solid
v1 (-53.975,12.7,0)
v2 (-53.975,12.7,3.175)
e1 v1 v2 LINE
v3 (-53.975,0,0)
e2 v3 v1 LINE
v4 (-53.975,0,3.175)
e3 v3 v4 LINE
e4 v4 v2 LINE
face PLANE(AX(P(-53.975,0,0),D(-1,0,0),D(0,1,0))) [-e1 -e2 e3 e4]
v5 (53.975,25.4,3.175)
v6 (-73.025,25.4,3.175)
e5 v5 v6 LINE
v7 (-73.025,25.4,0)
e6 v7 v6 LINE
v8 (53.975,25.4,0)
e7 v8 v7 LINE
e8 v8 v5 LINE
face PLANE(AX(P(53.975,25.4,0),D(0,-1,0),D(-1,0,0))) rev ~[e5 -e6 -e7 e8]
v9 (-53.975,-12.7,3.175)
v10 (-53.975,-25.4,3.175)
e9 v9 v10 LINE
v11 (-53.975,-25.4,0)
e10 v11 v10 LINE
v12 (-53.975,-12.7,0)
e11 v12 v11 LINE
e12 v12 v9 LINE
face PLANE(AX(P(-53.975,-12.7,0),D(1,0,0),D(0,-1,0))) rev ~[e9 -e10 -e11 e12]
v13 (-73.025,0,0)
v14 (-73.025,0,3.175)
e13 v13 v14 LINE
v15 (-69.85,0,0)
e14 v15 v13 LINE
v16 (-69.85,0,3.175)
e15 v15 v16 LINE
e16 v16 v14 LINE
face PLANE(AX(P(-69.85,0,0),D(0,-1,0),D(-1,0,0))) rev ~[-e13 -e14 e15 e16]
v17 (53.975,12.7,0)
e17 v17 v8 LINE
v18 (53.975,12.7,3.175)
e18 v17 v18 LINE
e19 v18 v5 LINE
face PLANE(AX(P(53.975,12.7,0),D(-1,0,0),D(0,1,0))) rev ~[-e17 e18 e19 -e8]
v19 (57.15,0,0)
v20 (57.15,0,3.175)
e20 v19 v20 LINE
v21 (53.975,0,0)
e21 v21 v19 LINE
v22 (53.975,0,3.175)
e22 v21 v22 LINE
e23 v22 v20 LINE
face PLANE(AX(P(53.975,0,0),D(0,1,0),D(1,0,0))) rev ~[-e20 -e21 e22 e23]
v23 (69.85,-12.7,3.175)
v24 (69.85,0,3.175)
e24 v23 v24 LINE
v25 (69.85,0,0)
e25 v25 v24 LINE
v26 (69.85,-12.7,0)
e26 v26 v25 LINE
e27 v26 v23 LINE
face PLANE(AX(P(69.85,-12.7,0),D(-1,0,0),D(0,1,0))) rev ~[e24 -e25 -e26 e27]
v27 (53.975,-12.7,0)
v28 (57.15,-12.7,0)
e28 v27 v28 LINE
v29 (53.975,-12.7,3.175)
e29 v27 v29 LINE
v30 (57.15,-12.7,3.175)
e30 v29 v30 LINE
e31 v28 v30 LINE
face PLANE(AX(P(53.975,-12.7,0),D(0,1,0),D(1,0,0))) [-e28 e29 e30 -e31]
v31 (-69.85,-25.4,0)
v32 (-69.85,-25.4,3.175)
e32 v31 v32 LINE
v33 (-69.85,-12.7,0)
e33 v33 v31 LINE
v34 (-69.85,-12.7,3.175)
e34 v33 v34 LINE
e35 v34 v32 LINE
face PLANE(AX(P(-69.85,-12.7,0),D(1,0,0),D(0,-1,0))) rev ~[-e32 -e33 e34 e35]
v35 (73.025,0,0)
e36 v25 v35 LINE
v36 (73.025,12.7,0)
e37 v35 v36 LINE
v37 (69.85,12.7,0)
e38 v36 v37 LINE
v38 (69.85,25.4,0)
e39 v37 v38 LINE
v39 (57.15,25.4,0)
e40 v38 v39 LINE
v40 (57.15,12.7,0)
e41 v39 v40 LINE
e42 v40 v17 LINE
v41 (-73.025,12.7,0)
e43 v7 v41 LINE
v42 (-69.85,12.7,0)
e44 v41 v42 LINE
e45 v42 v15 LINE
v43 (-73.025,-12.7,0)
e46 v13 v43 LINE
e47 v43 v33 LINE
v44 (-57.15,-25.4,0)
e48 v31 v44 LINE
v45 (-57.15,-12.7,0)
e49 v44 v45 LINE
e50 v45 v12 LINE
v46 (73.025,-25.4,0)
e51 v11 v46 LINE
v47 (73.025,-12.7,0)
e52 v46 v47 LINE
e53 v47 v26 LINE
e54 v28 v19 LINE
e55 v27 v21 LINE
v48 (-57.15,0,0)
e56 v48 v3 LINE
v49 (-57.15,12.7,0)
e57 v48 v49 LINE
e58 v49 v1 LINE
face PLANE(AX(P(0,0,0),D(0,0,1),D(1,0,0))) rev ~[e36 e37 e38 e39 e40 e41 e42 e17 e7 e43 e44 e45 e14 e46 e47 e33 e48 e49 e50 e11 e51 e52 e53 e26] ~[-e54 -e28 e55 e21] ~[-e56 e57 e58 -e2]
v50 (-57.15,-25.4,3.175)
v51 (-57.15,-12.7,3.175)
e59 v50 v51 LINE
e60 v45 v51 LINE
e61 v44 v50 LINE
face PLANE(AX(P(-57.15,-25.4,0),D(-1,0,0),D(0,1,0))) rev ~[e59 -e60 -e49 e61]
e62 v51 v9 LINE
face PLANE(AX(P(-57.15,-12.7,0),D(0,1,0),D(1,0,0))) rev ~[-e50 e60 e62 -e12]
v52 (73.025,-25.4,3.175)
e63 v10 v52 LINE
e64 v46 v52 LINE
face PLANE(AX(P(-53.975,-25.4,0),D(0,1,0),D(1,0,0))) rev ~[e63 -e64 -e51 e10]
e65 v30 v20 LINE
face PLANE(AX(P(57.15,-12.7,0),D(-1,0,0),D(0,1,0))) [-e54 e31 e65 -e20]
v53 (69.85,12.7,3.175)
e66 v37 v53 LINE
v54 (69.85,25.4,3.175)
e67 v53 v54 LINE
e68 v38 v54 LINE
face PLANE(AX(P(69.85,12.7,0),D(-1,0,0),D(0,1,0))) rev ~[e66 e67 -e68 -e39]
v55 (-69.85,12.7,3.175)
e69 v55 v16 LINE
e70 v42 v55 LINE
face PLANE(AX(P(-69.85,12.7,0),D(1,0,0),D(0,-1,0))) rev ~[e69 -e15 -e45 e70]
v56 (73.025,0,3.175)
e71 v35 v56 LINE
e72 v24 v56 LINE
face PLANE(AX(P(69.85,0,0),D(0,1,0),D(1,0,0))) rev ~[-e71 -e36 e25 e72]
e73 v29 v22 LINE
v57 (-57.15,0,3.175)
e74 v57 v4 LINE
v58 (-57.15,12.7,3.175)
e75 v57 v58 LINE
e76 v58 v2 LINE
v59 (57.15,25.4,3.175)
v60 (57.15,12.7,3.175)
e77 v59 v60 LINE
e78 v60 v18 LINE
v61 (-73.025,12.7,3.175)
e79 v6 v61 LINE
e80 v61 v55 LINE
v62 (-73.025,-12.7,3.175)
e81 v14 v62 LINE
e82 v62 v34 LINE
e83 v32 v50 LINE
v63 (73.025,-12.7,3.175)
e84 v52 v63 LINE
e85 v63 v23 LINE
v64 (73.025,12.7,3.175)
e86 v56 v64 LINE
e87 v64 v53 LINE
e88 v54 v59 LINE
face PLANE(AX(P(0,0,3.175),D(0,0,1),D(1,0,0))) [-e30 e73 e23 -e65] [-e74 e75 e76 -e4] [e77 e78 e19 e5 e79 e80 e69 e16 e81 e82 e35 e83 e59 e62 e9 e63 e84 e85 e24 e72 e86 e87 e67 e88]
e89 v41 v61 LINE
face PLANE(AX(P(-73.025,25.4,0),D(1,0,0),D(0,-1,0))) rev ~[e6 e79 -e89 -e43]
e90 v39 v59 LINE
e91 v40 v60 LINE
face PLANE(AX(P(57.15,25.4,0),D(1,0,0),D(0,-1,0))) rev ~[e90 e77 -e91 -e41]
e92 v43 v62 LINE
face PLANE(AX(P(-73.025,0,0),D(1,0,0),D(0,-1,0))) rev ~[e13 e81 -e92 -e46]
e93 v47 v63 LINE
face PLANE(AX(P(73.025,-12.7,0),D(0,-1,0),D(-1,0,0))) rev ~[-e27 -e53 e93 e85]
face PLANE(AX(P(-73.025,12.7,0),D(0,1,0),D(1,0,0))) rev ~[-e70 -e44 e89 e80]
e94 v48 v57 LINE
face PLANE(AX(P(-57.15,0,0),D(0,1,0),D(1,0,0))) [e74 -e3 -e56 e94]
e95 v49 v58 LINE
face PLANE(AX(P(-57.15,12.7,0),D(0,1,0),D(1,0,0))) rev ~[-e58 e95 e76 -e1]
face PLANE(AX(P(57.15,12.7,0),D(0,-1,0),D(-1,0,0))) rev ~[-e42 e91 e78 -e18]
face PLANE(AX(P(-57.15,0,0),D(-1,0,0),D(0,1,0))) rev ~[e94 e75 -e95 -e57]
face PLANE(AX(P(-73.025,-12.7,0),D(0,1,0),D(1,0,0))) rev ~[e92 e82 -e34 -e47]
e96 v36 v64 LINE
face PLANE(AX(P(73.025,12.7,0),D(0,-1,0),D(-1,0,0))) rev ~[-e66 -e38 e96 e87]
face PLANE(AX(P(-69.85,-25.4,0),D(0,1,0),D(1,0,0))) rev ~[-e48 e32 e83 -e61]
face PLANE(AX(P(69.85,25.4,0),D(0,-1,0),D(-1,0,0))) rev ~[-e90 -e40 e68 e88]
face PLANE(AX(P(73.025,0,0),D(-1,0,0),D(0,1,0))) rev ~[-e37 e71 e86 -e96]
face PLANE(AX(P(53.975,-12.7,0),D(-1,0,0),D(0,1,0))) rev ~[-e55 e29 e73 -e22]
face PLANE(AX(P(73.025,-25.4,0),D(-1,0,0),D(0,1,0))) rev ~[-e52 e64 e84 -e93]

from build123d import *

# Parameters (mm, degrees)
F0_W     = 3.175
F0_H     = 12.7
F1_DEPTH = 3.175


with BuildPart() as f1:
    # F0 (on Top) → F1 (new body)
    with BuildSketch(Plane.XY):
        Polygon((69.85, 12.7), (69.85, 25.4), (57.15, 25.4), (57.15, 12.7), (53.975, 12.7), (53.975, 25.4), (-73.025, 25.4), (-73.025, 12.7), (-69.85, 12.7), (-69.85, 0), (-73.025, 0), (-73.025, -12.7), (-69.85, -12.7), (-69.85, -25.4), (-57.15, -25.4), (-57.15, -12.7), (-53.975, -12.7), (-53.975, -25.4), (73.025, -25.4), (73.025, -12.7), (69.85, -12.7), (69.85, 0), (73.025, 0), (73.025, 12.7), align=None)
        with Locations((55.5625, -6.35)):
            Rectangle(F0_W, F0_H, mode=Mode.SUBTRACT)
        with Locations((-55.5625, 6.35)):
            Rectangle(F0_W, F0_H, mode=Mode.SUBTRACT)
    extrude(amount=F1_DEPTH)


solid = f1.part
